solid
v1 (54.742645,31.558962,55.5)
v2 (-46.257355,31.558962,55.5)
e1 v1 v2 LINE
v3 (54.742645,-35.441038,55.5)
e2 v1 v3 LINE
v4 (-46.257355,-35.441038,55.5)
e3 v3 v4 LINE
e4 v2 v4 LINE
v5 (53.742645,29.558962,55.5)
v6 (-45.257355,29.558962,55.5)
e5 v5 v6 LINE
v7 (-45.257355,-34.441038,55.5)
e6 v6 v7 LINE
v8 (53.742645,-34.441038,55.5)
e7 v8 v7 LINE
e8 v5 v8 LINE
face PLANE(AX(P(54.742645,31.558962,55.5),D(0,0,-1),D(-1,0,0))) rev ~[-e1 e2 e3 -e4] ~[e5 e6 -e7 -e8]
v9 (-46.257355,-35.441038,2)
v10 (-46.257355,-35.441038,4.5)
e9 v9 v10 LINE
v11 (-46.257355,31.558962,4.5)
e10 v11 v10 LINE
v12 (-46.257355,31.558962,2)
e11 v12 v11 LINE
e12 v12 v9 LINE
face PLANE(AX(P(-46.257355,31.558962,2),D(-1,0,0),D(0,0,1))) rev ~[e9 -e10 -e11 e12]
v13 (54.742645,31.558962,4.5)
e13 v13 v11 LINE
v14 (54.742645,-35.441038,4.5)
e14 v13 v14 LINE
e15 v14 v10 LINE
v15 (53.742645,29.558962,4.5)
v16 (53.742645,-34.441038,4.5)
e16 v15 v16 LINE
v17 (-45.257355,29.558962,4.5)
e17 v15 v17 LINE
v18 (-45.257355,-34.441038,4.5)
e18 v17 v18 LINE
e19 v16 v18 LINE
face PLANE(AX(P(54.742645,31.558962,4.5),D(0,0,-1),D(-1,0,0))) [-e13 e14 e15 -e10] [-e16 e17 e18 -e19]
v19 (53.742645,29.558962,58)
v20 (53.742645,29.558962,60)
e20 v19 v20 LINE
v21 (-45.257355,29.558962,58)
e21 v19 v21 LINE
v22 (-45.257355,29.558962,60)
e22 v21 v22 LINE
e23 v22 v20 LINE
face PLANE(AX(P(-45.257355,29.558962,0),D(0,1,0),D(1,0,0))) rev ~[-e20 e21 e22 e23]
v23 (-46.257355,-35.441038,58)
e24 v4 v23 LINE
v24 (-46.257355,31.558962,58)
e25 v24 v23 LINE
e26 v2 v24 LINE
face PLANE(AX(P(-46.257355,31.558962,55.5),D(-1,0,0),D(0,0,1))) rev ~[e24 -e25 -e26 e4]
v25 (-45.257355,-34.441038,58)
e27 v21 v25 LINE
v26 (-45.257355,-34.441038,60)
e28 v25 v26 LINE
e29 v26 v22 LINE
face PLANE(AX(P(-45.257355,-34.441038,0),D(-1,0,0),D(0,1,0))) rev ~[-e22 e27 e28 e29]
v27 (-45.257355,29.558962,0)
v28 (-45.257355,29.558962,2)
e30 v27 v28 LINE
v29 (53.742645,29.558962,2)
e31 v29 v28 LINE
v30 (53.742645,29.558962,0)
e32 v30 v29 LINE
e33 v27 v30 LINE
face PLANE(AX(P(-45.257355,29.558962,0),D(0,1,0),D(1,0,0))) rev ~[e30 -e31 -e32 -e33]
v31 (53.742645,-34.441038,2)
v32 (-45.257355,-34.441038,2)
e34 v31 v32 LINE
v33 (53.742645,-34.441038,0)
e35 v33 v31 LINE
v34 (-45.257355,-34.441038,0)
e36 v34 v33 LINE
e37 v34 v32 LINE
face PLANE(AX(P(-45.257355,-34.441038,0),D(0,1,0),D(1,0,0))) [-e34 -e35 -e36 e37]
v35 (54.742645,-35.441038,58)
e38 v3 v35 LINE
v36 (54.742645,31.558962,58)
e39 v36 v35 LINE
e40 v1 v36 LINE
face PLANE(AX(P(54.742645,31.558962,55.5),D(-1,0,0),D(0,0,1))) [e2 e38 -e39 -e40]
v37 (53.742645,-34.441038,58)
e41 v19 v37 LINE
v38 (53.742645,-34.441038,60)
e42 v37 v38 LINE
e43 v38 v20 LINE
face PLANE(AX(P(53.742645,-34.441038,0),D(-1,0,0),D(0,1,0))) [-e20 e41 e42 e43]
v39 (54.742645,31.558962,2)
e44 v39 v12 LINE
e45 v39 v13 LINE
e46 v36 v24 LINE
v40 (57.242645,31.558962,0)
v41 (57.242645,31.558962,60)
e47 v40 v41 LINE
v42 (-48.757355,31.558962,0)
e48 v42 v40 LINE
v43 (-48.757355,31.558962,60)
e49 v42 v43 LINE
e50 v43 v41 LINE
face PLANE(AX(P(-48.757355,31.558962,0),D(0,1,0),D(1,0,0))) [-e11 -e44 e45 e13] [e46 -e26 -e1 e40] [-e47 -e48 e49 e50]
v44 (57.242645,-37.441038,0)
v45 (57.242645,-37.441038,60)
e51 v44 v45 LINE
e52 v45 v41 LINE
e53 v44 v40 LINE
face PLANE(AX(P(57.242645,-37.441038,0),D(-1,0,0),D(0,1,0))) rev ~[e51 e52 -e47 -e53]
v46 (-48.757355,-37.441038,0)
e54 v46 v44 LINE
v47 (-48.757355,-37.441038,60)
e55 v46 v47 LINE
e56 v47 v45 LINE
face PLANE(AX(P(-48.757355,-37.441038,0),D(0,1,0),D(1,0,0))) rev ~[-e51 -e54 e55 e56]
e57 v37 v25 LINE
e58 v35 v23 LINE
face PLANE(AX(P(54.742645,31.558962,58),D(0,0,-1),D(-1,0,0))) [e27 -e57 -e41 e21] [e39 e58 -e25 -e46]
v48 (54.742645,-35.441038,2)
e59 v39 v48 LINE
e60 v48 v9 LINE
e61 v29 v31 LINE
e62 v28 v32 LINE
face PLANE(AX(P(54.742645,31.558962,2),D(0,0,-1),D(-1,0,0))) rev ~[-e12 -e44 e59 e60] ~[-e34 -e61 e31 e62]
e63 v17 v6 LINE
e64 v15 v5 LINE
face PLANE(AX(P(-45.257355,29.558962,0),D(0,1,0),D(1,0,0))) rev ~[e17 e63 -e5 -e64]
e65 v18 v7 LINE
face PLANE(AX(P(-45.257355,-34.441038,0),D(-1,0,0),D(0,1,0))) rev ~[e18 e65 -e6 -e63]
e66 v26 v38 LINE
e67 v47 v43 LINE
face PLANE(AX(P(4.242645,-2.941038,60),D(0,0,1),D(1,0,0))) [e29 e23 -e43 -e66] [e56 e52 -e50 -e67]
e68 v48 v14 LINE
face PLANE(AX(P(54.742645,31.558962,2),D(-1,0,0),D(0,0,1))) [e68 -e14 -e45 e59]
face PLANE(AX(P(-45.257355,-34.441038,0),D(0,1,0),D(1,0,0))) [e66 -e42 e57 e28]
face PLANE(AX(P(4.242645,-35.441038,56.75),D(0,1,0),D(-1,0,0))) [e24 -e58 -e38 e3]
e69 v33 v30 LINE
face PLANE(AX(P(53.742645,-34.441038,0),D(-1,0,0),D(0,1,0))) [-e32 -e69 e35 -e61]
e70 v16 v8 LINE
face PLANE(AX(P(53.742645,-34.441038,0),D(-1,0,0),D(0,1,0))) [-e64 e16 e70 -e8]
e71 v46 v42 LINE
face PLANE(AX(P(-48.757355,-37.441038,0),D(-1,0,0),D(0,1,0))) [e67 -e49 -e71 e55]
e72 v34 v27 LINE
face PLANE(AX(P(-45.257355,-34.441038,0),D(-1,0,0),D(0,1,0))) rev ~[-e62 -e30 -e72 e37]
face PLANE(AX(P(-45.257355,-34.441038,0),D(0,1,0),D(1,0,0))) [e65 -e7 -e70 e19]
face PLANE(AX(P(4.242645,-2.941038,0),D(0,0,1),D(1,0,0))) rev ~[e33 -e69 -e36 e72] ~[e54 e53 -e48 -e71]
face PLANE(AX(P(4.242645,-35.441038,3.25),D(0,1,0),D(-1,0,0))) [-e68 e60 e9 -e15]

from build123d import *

# Parameters (mm, degrees)
F0_W     = 106
F0_H     = 69
F0_W_2   = 99
F0_H_2   = 64
F1_DEPTH = 60
F2_W     = 101
F2_H     = 2.5
F3_DEPTH = 67


with BuildPart() as f1:
    # F0 (on Top) → F1 (new body)
    with BuildSketch(Plane.XY):
        with Locations((4.242645, -2.941038)):
            Rectangle(F0_W, F0_H)
        with Locations((4.242645, -2.441038)):
            Rectangle(F0_W_2, F0_H_2, mode=Mode.SUBTRACT)
    extrude(amount=F1_DEPTH)

    # F2 (on face) → F3 (cut)
    with BuildSketch(Plane(origin=(0, 31.558962, 0), x_dir=(-1, 0, 0), z_dir=(0, 1, 0))):
        with Locations((-4.242645, 56.75)):
            Rectangle(F2_W, F2_H)
        with Locations((-4.242645, 3.25)):
            Rectangle(F2_W, F2_H)
    extrude(amount=-F3_DEPTH, mode=Mode.SUBTRACT)


solid = f1.part
